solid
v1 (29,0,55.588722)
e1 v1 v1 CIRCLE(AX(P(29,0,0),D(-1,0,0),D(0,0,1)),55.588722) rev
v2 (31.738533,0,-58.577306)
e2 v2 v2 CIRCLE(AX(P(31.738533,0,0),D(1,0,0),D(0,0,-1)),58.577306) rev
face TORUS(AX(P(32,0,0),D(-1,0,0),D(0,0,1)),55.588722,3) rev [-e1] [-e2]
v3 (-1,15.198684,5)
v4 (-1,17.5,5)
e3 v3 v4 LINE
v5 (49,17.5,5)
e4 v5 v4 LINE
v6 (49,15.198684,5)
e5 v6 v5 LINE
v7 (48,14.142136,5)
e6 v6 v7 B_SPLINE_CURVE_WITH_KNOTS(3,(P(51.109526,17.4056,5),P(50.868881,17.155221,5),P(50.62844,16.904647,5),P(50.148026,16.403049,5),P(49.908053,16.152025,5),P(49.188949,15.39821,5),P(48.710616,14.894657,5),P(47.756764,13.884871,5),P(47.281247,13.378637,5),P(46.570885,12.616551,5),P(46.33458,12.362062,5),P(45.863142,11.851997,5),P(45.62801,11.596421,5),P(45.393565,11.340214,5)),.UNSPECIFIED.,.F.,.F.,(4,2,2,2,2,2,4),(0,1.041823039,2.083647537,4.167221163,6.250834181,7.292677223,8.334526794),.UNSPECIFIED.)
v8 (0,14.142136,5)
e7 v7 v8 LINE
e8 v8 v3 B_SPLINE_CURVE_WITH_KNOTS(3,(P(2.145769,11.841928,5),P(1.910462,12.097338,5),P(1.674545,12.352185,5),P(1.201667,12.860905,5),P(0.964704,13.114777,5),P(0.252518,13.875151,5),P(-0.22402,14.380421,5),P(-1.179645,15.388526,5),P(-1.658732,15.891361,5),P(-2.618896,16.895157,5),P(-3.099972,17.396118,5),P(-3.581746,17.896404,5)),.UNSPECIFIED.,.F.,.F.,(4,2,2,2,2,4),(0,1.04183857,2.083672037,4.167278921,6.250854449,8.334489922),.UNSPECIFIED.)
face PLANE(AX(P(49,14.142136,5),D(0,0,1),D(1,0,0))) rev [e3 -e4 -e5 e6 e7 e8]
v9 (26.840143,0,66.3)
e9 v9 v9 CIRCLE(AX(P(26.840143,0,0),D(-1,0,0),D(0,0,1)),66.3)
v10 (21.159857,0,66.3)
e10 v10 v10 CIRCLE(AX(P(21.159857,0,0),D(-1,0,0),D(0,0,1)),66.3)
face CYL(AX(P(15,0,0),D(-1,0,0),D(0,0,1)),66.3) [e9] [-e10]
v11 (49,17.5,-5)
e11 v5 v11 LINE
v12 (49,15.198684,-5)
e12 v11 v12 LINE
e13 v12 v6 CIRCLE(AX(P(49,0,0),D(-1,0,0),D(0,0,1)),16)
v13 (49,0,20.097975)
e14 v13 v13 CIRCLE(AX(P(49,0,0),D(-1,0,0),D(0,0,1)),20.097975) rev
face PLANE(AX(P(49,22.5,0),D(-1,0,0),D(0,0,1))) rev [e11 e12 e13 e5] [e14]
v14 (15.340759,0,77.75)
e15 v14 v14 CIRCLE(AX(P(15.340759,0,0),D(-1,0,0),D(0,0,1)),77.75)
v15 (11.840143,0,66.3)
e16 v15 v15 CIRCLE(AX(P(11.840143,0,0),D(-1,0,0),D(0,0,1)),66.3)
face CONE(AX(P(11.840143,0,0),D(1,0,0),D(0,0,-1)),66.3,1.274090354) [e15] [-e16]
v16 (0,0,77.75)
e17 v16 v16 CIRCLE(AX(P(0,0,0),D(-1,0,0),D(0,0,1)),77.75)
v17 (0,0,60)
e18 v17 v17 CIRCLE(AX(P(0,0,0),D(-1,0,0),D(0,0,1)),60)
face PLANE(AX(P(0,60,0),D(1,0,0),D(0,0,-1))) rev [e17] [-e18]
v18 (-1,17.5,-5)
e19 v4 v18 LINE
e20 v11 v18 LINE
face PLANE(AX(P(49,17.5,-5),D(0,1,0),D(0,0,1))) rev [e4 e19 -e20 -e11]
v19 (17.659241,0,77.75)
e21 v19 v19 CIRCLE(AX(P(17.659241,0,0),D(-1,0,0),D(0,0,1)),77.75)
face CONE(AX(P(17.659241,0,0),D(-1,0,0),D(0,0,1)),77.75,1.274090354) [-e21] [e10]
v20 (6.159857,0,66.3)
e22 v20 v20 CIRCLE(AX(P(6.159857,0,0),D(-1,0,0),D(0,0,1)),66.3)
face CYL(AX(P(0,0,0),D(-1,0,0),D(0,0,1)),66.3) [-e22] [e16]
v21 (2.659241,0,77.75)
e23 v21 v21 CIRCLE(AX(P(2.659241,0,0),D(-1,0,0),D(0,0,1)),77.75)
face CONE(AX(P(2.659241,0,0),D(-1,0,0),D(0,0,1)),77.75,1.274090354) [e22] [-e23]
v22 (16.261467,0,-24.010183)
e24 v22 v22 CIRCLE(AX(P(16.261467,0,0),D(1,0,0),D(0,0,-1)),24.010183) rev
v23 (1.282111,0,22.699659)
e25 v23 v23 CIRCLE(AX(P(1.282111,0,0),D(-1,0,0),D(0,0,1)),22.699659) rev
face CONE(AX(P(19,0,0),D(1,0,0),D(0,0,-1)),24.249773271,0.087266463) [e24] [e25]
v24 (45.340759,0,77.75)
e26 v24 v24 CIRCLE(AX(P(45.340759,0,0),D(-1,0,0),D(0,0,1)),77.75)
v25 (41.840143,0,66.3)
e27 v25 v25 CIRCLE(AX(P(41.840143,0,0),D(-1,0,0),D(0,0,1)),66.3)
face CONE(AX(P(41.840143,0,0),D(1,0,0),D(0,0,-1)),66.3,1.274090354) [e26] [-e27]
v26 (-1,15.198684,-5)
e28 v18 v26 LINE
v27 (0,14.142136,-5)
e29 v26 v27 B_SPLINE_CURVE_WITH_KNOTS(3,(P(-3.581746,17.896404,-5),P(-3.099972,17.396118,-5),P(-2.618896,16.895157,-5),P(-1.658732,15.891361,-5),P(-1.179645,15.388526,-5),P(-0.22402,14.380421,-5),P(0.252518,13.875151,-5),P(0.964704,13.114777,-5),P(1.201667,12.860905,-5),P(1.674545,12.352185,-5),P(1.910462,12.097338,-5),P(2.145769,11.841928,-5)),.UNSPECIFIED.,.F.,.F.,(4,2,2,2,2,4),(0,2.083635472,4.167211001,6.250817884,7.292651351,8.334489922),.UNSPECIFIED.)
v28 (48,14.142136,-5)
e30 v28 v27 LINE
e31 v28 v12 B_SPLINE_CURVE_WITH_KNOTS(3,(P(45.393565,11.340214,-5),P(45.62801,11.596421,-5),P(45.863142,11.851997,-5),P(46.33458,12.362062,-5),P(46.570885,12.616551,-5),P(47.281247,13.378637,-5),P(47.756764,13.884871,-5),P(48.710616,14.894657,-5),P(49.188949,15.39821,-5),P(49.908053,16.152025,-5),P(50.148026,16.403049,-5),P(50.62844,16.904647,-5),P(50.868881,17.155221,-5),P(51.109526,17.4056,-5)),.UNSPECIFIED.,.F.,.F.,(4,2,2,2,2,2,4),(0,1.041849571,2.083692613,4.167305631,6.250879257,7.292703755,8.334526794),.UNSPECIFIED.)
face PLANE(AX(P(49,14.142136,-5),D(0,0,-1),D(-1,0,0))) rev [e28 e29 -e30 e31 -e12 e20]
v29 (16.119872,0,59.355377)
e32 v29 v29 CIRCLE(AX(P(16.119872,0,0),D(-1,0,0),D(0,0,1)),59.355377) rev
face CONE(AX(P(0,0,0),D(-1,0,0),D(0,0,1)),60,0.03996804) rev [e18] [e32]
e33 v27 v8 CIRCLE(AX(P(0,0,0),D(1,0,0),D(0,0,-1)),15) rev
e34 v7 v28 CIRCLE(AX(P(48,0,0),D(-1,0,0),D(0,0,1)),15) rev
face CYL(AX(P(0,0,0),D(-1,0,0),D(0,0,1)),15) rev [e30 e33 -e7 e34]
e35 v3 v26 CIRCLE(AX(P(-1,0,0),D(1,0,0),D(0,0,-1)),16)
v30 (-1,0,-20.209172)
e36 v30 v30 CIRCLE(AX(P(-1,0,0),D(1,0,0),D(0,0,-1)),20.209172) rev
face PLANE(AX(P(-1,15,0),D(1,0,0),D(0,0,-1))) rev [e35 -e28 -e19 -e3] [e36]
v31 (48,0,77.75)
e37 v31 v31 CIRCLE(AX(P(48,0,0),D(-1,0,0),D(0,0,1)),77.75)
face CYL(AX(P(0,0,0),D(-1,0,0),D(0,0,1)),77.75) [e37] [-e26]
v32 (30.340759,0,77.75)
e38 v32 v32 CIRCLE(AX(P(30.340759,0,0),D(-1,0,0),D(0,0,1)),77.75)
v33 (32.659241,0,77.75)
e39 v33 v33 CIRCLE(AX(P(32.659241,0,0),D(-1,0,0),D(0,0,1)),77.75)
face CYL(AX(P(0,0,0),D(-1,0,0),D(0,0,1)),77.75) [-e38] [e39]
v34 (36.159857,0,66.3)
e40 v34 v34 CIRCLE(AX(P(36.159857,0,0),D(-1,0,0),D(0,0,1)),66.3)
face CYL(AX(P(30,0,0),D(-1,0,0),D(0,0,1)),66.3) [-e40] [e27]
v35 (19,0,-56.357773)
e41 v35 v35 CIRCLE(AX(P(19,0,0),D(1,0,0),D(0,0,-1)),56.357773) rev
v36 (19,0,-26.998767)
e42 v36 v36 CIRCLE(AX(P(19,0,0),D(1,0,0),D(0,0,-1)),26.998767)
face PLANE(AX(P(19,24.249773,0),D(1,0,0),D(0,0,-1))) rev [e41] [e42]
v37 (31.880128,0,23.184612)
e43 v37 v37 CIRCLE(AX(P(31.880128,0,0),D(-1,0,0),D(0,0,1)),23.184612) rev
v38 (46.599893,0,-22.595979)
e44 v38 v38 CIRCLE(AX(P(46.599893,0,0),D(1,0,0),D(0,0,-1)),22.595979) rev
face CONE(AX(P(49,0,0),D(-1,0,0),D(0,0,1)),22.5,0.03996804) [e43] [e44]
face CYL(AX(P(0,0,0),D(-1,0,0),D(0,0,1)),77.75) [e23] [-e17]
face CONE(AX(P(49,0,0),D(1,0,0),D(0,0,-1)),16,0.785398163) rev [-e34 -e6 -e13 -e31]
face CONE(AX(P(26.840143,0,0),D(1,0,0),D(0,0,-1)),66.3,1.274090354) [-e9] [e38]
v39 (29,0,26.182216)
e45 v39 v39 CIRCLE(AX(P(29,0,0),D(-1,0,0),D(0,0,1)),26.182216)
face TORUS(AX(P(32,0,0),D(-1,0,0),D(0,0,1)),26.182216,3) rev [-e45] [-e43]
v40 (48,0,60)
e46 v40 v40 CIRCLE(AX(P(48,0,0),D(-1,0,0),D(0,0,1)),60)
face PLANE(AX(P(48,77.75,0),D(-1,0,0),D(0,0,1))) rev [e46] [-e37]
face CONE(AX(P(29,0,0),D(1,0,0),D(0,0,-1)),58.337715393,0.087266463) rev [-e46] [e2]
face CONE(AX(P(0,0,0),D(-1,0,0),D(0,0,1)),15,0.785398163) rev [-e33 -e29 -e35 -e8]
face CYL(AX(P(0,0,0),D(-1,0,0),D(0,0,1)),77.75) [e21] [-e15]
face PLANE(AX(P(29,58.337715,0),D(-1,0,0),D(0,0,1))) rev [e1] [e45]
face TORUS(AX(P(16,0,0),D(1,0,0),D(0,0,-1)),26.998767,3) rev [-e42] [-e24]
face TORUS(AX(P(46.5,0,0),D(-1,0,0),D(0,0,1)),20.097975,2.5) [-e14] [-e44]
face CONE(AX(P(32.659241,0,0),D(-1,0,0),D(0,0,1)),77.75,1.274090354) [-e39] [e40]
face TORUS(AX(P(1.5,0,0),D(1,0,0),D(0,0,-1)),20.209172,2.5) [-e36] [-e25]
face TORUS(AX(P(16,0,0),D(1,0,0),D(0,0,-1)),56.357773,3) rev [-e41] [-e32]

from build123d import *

# Parameters (mm, degrees)
PATTERN_LINEAR_961_COUNT = 3
PATTERN_LINEAR_961_PITCH = 15
CHAMFER_1_SIZE           = 1
SKETCH_4_W               = 10
SKETCH_4_H               = 3.357864376
CUT_EXTRUDE_1_DEPTH      = 121.789589783
FILLET_1_R               = 3
FILLET_2_R               = 2.5


with BuildPart() as part:
    # 草图1 → 旋转1 (revolve)
    with BuildSketch(Plane.XY, mode=Mode.PRIVATE) as revolve_1_sk:
        Polygon((-1, 15), (-1, 22.5), (19, 24.249773271), (19, 59.240202621), (0, 60), (0, 77.75), (48, 77.75), (48, 60), (29, 58.337715393), (29, 23.299786714), (49, 22.5), (49, 15), align=None)
    revolve(revolve_1_sk.sketch.rotate(Axis((0, 0, 0), (1, 0, 0)), 90), axis=Axis((0, 0, 0), (1, 0, 0)))

    # 草图2 → 切除-旋转1 (revolve, cut)
    with BuildSketch(Plane.XY, mode=Mode.PRIVATE) as cut_revolve_1_sk:
        Polygon((11.840143071, 66.3), (15.340759374, 77.75), (2.659240626, 77.75), (6.159856929, 66.3), align=None)
    cut_revolve_1 = revolve(cut_revolve_1_sk.sketch.rotate(Axis((0, 0, 0), (1, 0, 0)), 90), axis=Axis((0, 0, 0), (1, 0, 0)), mode=Mode.SUBTRACT)

    # Pattern Linear 961: 切除-旋转1 ×3
    with Locations(*[(i * PATTERN_LINEAR_961_PITCH, 0, 0) for i in range(1, PATTERN_LINEAR_961_COUNT)]):
        add(cut_revolve_1, mode=Mode.SUBTRACT)

    # 倒角1
    chamfer_1_edges = [part.edges().sort_by_distance(p)[0] for p in [
        (-1, 0, -15),
        (49, 0, -15),
    ]]
    chamfer(chamfer_1_edges, length=CHAMFER_1_SIZE)

    # 草图4 → 切除-拉伸1 (cut, through all)
    with BuildSketch(Plane.ZY.offset(1)):
        with Locations((0, 15.821067812)):
            Rectangle(SKETCH_4_W, SKETCH_4_H)
    extrude(amount=-CUT_EXTRUDE_1_DEPTH, mode=Mode.SUBTRACT)

    # 圆角1
    fillet_1_edges = [part.edges().sort_by_distance(p)[0] for p in [
        (19, 0, -59.240202621),
        (19, 0, -24.249773271),
        (29, 0, -23.299786714),
        (29, 0, -58.337715393),
    ]]
    fillet(fillet_1_edges, radius=FILLET_1_R)

    # 圆角2
    fillet_2_edges = [part.edges().sort_by_distance(p)[0] for p in [
        (-1, 0, -22.5),
        (49, 0, -22.5),
    ]]
    fillet(fillet_2_edges, radius=FILLET_2_R)


solid = part.part
